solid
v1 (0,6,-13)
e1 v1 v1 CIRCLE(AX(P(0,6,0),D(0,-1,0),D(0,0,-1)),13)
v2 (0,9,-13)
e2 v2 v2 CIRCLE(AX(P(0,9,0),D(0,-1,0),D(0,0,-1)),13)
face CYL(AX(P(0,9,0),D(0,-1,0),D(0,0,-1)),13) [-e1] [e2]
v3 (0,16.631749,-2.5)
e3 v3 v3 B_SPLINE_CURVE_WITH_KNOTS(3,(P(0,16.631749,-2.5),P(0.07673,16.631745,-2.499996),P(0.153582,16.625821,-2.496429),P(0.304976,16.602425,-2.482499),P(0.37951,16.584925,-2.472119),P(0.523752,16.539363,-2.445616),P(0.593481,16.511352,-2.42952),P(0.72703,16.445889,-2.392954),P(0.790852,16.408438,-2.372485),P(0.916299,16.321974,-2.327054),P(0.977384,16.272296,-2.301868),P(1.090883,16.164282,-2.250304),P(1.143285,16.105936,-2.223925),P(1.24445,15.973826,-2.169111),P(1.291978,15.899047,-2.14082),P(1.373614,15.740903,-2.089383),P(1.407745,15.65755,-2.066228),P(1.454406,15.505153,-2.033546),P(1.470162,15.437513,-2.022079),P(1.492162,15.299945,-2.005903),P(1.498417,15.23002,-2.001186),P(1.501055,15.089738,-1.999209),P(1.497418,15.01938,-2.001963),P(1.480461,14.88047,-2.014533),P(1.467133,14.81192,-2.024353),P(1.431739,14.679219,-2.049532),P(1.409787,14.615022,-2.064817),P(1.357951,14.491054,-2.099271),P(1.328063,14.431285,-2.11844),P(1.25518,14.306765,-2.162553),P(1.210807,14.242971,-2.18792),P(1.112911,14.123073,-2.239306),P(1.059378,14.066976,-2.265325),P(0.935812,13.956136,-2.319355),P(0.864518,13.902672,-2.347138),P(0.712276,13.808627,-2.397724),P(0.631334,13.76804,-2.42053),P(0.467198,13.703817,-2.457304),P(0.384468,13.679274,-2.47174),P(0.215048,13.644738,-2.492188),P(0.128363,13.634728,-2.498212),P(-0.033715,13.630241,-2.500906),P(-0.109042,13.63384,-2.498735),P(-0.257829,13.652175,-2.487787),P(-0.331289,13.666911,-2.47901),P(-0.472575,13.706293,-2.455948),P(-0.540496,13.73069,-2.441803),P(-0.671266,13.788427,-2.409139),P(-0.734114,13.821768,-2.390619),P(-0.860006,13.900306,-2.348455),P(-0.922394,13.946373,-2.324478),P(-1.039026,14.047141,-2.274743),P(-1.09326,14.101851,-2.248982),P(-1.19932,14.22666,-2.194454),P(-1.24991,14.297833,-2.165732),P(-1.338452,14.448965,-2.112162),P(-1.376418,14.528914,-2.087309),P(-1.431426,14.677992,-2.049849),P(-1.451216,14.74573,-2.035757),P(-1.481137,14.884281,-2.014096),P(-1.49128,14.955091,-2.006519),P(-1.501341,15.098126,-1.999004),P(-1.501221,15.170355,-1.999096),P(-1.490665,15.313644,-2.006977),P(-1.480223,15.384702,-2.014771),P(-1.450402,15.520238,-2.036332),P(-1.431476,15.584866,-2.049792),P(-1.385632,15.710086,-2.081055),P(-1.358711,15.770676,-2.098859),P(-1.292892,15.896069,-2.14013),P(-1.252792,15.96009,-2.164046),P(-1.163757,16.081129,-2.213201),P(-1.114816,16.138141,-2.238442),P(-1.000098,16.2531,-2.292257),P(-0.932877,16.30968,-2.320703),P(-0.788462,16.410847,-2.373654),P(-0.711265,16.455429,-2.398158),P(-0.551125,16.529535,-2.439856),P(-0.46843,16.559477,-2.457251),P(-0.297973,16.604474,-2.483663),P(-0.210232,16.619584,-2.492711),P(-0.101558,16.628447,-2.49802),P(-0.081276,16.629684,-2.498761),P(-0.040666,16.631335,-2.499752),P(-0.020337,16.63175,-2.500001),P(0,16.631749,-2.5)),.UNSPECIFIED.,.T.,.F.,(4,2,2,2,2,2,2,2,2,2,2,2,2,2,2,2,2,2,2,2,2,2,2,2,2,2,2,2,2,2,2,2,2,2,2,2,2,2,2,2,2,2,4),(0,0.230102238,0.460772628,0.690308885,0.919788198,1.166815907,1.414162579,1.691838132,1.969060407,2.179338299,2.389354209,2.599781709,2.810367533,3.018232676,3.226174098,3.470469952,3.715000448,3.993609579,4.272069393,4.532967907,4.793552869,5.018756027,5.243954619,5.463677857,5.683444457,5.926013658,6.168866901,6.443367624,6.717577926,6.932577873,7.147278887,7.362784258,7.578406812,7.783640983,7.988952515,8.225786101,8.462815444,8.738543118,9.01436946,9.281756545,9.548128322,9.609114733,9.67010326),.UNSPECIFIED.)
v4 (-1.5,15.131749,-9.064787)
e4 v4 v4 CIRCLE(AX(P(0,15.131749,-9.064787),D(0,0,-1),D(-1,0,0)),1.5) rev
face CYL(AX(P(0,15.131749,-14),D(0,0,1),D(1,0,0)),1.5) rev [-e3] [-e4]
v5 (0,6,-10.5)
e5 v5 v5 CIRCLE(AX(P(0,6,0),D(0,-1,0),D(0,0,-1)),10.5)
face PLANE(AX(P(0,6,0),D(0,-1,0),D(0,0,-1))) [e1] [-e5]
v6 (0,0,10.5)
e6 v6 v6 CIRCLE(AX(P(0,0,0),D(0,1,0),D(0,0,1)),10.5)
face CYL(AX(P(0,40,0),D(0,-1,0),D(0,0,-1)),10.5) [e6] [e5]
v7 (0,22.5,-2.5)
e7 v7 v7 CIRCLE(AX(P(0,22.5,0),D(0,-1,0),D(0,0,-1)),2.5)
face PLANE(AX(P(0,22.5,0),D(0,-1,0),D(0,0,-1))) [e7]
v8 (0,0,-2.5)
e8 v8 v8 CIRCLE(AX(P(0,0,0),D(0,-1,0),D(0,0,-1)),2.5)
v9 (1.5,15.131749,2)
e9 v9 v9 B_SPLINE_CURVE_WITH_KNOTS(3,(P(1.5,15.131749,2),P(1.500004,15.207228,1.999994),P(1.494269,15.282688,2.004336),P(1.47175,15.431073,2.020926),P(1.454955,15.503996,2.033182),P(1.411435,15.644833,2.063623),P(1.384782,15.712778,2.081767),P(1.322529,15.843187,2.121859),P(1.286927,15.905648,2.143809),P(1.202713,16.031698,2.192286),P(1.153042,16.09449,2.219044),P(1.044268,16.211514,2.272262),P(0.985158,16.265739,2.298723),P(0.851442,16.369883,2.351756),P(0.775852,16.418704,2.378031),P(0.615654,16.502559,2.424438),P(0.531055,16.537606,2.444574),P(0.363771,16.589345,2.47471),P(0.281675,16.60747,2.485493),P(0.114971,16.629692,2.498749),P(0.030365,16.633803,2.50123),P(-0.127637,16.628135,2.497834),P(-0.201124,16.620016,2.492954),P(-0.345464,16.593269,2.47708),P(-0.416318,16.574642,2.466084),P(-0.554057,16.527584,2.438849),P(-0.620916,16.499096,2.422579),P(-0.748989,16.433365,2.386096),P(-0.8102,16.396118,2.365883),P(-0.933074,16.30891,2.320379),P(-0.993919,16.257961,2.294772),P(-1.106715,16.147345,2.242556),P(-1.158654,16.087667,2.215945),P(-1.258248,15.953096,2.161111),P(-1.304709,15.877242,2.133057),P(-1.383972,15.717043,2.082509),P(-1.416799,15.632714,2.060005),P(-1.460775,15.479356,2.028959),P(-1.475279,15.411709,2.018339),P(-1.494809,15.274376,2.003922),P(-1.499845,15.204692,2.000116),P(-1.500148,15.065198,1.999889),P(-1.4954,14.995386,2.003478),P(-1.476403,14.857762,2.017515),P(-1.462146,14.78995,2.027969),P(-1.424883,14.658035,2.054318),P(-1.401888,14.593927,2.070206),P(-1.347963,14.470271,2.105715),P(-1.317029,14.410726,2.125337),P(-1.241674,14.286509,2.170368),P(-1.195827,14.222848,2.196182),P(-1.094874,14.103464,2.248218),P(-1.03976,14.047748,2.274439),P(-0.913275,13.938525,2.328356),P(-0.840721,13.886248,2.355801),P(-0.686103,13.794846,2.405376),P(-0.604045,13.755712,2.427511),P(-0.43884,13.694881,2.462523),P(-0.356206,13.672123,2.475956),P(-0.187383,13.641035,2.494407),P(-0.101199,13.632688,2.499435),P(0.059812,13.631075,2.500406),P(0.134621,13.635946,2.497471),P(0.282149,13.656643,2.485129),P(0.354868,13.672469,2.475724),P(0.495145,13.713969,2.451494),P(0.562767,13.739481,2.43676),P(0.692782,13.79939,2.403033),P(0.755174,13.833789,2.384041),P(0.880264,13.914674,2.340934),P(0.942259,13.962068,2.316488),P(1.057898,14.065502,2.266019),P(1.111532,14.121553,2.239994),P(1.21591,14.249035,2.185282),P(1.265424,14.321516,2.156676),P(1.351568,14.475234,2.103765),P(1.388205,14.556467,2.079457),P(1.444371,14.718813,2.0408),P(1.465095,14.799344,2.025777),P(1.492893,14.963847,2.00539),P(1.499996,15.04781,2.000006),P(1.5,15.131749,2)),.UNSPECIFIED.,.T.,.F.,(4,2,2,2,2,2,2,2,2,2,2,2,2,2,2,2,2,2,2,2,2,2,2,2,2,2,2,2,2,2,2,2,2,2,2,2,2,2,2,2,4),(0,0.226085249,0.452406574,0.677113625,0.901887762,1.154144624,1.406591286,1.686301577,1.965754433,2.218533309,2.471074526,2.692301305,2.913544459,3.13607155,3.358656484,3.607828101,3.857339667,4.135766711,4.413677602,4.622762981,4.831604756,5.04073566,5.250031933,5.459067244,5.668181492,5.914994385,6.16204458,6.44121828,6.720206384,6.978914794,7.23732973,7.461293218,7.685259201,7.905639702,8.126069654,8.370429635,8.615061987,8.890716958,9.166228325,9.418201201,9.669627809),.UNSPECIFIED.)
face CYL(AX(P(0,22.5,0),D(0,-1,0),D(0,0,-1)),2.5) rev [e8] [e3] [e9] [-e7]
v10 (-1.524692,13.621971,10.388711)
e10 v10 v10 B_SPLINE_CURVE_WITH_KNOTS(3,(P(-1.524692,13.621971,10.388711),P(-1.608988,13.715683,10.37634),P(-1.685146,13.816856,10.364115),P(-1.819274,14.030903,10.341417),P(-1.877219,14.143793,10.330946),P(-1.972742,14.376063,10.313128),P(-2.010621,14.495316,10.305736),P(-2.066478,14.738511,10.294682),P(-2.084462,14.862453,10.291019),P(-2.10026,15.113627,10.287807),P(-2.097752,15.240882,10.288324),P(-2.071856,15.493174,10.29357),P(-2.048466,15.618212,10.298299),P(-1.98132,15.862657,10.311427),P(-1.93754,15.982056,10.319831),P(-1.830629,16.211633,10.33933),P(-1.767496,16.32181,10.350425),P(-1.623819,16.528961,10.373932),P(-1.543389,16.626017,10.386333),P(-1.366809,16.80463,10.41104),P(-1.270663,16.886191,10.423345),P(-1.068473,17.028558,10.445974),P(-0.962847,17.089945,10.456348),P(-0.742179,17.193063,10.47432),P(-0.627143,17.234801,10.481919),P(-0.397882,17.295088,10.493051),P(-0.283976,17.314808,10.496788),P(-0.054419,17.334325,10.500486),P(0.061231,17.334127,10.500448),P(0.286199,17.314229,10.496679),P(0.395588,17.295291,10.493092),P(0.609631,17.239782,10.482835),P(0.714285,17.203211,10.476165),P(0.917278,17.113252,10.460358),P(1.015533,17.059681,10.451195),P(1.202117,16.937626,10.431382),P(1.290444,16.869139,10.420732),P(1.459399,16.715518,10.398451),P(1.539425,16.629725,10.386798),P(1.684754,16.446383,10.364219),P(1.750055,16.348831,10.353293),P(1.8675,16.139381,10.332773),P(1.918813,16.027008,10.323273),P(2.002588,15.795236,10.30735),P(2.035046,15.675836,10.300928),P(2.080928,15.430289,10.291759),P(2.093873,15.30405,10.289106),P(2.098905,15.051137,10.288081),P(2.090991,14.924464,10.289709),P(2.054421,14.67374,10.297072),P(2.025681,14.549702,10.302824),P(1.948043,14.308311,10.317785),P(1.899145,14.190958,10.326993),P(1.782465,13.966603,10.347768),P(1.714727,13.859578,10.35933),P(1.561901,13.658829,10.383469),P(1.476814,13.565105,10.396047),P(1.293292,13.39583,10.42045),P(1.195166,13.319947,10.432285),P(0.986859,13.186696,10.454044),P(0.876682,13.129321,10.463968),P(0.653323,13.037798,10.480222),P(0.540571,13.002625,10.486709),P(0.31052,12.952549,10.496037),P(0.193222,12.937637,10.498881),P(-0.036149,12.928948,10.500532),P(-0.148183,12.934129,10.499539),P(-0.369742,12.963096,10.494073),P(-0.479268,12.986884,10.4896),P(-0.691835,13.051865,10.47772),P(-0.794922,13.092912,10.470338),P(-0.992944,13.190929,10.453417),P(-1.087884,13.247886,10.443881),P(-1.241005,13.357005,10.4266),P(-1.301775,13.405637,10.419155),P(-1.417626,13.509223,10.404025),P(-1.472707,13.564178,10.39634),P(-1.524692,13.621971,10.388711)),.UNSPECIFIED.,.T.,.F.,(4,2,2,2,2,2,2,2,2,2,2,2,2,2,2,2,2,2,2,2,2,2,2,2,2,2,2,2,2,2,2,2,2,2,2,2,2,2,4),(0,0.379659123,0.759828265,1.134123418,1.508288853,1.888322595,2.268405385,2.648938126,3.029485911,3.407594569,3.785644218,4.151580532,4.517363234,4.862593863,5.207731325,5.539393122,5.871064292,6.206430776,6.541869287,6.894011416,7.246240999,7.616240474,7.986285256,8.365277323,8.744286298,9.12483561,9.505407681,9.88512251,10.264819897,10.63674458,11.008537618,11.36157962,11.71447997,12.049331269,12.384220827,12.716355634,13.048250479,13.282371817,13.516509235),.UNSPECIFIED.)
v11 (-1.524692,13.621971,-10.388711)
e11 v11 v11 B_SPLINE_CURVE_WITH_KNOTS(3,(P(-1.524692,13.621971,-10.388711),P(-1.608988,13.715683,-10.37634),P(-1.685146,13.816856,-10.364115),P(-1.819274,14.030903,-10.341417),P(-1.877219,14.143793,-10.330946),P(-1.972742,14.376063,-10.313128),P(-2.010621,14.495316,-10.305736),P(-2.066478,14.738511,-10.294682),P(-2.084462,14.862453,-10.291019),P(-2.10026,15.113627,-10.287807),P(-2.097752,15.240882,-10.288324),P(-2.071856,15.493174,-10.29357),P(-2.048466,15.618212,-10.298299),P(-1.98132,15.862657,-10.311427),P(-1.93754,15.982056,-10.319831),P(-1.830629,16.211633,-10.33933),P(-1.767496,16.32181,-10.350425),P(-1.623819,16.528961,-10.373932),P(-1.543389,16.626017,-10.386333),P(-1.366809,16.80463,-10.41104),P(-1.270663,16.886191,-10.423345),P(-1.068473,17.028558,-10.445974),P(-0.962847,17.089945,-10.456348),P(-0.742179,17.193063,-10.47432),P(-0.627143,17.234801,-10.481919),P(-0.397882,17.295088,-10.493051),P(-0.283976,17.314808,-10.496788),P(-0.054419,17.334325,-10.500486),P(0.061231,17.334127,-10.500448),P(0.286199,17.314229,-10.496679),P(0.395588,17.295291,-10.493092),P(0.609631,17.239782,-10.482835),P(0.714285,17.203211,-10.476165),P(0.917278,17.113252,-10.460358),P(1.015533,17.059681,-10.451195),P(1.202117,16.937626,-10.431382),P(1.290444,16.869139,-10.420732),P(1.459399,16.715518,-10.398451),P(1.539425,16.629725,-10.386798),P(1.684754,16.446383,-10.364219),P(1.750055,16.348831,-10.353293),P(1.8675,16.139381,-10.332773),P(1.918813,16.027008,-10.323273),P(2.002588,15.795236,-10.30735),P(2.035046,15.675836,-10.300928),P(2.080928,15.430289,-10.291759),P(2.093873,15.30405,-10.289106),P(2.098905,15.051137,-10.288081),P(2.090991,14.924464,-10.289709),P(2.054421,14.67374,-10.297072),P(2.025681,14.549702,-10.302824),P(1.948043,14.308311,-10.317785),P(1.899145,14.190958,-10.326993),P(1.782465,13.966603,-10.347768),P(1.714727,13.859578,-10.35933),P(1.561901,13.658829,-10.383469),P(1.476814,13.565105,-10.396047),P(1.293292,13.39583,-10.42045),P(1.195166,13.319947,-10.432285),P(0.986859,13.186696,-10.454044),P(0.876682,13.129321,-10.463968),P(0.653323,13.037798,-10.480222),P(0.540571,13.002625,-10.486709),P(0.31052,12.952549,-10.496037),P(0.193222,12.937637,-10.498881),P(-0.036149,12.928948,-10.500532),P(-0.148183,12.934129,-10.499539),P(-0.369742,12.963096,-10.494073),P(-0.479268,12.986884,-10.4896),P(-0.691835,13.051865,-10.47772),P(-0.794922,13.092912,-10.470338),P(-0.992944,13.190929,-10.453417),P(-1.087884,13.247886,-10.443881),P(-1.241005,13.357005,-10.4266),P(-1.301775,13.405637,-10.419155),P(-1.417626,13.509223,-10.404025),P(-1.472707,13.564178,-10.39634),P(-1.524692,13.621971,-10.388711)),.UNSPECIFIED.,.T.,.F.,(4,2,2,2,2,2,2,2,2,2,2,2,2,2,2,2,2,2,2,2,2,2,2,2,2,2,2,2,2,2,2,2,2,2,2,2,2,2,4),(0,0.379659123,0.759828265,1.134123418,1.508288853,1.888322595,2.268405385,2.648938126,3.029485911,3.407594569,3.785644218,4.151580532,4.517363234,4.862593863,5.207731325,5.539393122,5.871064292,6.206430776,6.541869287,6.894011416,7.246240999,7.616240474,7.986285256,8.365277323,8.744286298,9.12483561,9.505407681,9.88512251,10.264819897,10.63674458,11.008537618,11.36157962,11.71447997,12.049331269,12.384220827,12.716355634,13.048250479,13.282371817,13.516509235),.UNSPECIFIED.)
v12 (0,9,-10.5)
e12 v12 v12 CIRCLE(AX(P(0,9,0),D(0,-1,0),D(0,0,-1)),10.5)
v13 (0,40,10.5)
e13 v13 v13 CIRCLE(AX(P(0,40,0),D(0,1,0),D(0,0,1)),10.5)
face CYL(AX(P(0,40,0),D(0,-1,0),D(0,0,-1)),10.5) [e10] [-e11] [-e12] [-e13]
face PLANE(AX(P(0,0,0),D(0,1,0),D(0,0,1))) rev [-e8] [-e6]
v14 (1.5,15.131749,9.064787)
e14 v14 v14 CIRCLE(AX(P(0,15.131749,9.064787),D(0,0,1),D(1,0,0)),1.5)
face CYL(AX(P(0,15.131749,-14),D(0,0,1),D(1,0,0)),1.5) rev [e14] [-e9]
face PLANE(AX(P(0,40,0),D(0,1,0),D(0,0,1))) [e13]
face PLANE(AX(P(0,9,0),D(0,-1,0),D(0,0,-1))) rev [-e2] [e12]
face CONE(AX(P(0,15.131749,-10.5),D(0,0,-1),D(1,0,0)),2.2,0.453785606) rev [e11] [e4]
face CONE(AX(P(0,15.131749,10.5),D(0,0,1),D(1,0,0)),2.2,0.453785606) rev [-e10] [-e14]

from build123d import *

# Parameters (mm, degrees)
SKETCH1_R          = 10.5
EXTRUDE1_DEPTH     = 40
SKETCH2_R          = 2.5
EXTRUDE2_DEPTH     = 22.5
SKETCH3_R          = 13
SKETCH3_R_2        = 10.5
EXTRUDE3_DEPTH     = 3
SKETCH4_R          = 1.5
CUT_EXTRUDE1_DEPTH = 14
SKETCH7_R          = 2.2
CUT_EXTRUDE2_DEPTH = 1.5
CUT_EXTRUDE2_DRAFT = -26
SKETCH8_R          = 2.2
CUT_EXTRUDE3_DEPTH = 1.5
CUT_EXTRUDE3_TAPER = 26


with BuildPart() as part:
    # Sketch1 → Extrude1 (new body)
    with BuildSketch(Plane(origin=(0, 0, 0), x_dir=(1, 0, 0), z_dir=(0, 1, 0))):
        with Locations(Location((0, 0, 0), (0, 0, 270))):
            Circle(SKETCH1_R)
    extrude(amount=EXTRUDE1_DEPTH)

    # Sketch2 → Extrude2 (cut)
    with BuildSketch(Plane.XZ):
        with Locations(Location((0, 0, 0), (0, 0, 270))):
            Circle(SKETCH2_R)
    extrude(amount=-EXTRUDE2_DEPTH, mode=Mode.SUBTRACT)

    # Sketch3 → Extrude3 (add)
    with BuildSketch(Plane.XZ.offset(-6)):
        with Locations(Location((0, 0, 0), (0, 0, 270))):
            Circle(SKETCH3_R)
        with Locations(Location((0, 0, 0), (0, 0, 270))):
            Circle(SKETCH3_R_2, mode=Mode.SUBTRACT)
    extrude(amount=-EXTRUDE3_DEPTH)

    # Sketch4 → Cut-Extrude1 (cut, symmetric)
    with BuildSketch(Plane.XY):
        with Locations((0, 15.131749204)):
            Circle(SKETCH4_R)
    extrude(amount=CUT_EXTRUDE1_DEPTH, both=True, mode=Mode.SUBTRACT)


with BuildPart() as cut_extrude2_tool:
    # Sketch7 → Cut-Extrude2 (with draft: the straight prism first)
    with BuildSketch(Plane(origin=(0, 24.5, 10.5), x_dir=(-1, 0, 0), z_dir=(0, 0, 1))):
        with Locations((0, 9.368250796)):
            Circle(SKETCH7_R)
    extrude(amount=-CUT_EXTRUDE2_DEPTH)
    # Cut-Extrude2: the draft: its side faces are tilted about the plane it starts from
    cut_extrude2_sides = [cut_extrude2_tool.faces().sort_by_distance(p)[0] for p in [
        (2.2, 15.131749204, 9.75),
    ]]
    draft(cut_extrude2_sides, Plane(origin=(0, 24.5, 10.5), x_dir=(-1, 0, 0), z_dir=(0, 0, 1)), CUT_EXTRUDE2_DRAFT)


with BuildPart() as part_1:
    add(part.part)

    # Cut-Extrude2: cut by cut_extrude2_tool
    add(cut_extrude2_tool.part, mode=Mode.SUBTRACT)

    # Sketch8 → Cut-Extrude3 (cut)
    with BuildSketch(Plane.XY.offset(-10.5)):
        with Locations((0, 15.131749204)):
            Circle(SKETCH8_R)
    extrude(amount=CUT_EXTRUDE3_DEPTH, taper=CUT_EXTRUDE3_TAPER, mode=Mode.SUBTRACT)


solid = part_1.part
